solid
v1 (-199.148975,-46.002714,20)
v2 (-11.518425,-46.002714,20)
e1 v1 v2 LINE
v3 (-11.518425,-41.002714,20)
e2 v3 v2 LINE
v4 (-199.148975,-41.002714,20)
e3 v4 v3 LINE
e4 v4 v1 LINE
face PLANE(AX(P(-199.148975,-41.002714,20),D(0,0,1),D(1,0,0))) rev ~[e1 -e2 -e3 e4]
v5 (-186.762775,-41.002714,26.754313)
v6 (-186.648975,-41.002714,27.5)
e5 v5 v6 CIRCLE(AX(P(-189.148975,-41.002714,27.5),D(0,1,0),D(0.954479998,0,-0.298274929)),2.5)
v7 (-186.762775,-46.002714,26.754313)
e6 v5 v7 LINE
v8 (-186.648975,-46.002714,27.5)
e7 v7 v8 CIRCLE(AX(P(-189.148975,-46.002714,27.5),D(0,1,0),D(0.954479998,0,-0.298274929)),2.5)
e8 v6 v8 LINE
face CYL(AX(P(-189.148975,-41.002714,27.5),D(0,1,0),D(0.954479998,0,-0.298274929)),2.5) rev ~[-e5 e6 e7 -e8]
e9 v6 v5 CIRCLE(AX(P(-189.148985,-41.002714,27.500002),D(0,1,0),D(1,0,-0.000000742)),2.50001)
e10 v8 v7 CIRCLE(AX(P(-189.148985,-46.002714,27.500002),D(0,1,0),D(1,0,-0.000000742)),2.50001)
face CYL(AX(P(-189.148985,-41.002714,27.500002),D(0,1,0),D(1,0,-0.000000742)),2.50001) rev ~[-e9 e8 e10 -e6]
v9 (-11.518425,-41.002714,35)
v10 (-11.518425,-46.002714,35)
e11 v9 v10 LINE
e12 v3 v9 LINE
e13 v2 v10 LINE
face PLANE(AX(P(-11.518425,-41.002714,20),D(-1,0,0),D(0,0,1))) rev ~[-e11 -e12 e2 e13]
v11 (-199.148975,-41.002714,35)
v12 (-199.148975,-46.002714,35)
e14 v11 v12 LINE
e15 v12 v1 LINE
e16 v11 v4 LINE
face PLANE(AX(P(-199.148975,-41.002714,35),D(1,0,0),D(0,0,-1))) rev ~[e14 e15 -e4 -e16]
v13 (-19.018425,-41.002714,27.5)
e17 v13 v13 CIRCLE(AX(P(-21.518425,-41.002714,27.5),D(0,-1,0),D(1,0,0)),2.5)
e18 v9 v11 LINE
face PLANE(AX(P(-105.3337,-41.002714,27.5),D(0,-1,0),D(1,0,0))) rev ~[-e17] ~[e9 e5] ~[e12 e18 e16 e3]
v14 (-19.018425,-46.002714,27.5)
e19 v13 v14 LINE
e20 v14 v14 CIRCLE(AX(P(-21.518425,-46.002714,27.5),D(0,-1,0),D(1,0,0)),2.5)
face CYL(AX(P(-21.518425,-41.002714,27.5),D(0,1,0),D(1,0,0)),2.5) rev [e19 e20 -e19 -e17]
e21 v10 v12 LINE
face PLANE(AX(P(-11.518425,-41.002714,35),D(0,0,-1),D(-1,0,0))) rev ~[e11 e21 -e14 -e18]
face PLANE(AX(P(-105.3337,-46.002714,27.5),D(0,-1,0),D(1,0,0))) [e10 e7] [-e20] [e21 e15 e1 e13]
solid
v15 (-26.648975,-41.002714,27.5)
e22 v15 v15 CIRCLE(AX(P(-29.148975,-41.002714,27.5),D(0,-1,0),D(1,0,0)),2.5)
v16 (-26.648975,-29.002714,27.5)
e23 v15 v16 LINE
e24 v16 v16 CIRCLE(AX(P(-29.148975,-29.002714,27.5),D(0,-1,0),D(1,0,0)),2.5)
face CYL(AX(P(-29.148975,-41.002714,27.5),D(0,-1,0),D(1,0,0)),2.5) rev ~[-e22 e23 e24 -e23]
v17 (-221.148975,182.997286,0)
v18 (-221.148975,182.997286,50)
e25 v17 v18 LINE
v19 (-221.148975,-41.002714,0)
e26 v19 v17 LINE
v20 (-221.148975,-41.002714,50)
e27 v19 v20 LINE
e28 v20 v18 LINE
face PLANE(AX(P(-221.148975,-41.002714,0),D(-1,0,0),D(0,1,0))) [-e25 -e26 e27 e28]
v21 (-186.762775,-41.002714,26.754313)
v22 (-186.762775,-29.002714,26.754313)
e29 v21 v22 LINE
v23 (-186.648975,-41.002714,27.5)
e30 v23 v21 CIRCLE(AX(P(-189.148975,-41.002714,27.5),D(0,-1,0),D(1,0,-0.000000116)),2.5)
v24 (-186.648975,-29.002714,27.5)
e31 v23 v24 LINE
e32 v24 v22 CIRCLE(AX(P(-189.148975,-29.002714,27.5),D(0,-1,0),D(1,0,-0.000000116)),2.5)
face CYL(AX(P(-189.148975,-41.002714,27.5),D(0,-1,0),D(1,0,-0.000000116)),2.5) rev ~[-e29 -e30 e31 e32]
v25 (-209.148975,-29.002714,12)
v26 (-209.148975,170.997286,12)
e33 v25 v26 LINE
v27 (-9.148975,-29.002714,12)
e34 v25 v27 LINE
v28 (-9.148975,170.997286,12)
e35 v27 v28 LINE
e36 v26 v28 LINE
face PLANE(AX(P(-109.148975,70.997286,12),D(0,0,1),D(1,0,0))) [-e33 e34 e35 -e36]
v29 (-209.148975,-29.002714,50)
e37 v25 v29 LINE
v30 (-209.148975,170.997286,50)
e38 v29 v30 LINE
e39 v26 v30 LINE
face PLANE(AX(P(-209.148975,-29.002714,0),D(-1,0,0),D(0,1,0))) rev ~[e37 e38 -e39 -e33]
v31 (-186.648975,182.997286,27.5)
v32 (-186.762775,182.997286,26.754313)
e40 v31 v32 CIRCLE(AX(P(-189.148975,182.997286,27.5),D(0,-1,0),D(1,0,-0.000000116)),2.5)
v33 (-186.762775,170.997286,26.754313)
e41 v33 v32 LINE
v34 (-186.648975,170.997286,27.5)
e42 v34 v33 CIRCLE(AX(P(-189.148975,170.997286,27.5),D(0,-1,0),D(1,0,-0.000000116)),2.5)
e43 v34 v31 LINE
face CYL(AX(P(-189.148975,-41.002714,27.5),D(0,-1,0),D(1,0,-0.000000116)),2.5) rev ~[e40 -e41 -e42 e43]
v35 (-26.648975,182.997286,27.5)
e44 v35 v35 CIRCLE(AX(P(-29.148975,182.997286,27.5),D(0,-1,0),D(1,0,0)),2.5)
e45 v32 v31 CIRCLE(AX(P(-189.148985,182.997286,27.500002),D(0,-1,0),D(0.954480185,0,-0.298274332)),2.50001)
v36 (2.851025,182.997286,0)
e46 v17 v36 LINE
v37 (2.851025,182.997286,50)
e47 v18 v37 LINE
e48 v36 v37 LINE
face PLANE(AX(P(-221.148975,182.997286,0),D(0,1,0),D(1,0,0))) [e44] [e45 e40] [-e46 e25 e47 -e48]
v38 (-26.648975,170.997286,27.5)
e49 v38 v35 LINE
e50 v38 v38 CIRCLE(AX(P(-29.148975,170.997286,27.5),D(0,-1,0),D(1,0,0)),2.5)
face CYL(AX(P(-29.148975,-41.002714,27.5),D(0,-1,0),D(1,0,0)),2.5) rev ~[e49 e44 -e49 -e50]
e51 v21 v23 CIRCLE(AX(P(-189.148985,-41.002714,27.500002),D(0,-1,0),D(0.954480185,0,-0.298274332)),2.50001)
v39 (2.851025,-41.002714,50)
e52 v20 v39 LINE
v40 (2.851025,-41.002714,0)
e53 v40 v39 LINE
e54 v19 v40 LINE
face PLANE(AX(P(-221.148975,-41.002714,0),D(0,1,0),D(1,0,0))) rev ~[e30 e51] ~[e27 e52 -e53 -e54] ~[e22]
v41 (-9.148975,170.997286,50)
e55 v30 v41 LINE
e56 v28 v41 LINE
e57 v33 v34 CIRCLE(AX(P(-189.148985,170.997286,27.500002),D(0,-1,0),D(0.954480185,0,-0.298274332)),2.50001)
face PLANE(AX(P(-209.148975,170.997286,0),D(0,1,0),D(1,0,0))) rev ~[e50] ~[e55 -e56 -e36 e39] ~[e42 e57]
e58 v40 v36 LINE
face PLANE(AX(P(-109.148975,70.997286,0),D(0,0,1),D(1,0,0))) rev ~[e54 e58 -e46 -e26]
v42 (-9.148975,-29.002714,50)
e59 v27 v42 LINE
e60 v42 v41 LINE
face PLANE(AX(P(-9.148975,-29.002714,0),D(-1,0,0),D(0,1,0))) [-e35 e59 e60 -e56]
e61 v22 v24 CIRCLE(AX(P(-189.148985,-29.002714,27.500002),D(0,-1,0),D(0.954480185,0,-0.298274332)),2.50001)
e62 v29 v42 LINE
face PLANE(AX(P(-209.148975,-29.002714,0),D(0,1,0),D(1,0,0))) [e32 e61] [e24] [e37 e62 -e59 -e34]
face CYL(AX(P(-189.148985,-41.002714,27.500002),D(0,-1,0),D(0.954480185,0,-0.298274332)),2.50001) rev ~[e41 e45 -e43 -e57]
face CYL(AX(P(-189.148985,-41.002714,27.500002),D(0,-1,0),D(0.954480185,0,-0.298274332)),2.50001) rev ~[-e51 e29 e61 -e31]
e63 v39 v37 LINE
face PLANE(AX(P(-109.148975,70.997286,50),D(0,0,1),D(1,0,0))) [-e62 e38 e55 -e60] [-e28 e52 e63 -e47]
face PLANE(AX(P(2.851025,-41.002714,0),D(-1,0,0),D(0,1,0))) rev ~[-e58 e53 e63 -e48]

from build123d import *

# Parameters (mm, degrees)
F0_W     = 224
F0_H     = 224
F0_W_2   = 200
F0_H_2   = 200
F1_DEPTH = 50
F2_DEPTH = 12
F3_R     = 2.5
F4_DEPTH = 5
F5_DEPTH = 300


with BuildPart() as f1:
    # F0 (on Top) → F1 (new body)
    with BuildSketch(Plane.XY):
        with Locations((-109.148975, 70.997286)):
            Rectangle(F0_W, F0_H)
        with Locations((-109.148975, 70.997286)):
            Rectangle(F0_W_2, F0_H_2, mode=Mode.SUBTRACT)
    extrude(amount=F1_DEPTH)

    # F0 (on Top) → F2 (join)
    with BuildSketch(Plane.XY):
        with Locations((-109.148975, 70.997286)):
            Rectangle(F0_W_2, F0_H_2)
    extrude(amount=F2_DEPTH)

    # F3 (on face) → F5 (cut)
    with BuildSketch(Plane.XZ.offset(41.002714)):
        with Locations((-29.148975, 27.5)):
            Circle(F3_R)
        with BuildLine():
            ThreePointArc((-186.762775, 26.754313), (-186.677589, 27.122839), (-186.648975, 27.5))
            ThreePointArc((-186.648975, 27.5), (-191.620361, 27.877161), (-186.762775, 26.754313))
        make_face()
    extrude(amount=-F5_DEPTH, mode=Mode.SUBTRACT)


with BuildPart() as f4:
    # F3 (on face) → F4 (new body)
    with BuildSketch(Plane.XZ.offset(41.002714)):
        Polygon((-199.148975, 20), (-165.148975, 20), (-11.518425, 20), (-11.518425, 35), (-199.148975, 35), align=None)
        with BuildLine():
            ThreePointArc((-186.762775, 26.754313), (-191.620361, 27.877161), (-186.648975, 27.5))
            ThreePointArc((-186.648975, 27.5), (-186.677589, 27.122839), (-186.762775, 26.754313))
        make_face(mode=Mode.SUBTRACT)
        with Locations((-29.148975, 27.5)):
            Circle(F3_R, mode=Mode.SUBTRACT)
        with Locations((-21.518425, 27.5)):
            Circle(F3_R, mode=Mode.SUBTRACT)
        with Locations((-29.148975, 27.5)):
            Circle(F3_R)
    extrude(amount=F4_DEPTH)


solid = Compound([f1.part, f4.part])
